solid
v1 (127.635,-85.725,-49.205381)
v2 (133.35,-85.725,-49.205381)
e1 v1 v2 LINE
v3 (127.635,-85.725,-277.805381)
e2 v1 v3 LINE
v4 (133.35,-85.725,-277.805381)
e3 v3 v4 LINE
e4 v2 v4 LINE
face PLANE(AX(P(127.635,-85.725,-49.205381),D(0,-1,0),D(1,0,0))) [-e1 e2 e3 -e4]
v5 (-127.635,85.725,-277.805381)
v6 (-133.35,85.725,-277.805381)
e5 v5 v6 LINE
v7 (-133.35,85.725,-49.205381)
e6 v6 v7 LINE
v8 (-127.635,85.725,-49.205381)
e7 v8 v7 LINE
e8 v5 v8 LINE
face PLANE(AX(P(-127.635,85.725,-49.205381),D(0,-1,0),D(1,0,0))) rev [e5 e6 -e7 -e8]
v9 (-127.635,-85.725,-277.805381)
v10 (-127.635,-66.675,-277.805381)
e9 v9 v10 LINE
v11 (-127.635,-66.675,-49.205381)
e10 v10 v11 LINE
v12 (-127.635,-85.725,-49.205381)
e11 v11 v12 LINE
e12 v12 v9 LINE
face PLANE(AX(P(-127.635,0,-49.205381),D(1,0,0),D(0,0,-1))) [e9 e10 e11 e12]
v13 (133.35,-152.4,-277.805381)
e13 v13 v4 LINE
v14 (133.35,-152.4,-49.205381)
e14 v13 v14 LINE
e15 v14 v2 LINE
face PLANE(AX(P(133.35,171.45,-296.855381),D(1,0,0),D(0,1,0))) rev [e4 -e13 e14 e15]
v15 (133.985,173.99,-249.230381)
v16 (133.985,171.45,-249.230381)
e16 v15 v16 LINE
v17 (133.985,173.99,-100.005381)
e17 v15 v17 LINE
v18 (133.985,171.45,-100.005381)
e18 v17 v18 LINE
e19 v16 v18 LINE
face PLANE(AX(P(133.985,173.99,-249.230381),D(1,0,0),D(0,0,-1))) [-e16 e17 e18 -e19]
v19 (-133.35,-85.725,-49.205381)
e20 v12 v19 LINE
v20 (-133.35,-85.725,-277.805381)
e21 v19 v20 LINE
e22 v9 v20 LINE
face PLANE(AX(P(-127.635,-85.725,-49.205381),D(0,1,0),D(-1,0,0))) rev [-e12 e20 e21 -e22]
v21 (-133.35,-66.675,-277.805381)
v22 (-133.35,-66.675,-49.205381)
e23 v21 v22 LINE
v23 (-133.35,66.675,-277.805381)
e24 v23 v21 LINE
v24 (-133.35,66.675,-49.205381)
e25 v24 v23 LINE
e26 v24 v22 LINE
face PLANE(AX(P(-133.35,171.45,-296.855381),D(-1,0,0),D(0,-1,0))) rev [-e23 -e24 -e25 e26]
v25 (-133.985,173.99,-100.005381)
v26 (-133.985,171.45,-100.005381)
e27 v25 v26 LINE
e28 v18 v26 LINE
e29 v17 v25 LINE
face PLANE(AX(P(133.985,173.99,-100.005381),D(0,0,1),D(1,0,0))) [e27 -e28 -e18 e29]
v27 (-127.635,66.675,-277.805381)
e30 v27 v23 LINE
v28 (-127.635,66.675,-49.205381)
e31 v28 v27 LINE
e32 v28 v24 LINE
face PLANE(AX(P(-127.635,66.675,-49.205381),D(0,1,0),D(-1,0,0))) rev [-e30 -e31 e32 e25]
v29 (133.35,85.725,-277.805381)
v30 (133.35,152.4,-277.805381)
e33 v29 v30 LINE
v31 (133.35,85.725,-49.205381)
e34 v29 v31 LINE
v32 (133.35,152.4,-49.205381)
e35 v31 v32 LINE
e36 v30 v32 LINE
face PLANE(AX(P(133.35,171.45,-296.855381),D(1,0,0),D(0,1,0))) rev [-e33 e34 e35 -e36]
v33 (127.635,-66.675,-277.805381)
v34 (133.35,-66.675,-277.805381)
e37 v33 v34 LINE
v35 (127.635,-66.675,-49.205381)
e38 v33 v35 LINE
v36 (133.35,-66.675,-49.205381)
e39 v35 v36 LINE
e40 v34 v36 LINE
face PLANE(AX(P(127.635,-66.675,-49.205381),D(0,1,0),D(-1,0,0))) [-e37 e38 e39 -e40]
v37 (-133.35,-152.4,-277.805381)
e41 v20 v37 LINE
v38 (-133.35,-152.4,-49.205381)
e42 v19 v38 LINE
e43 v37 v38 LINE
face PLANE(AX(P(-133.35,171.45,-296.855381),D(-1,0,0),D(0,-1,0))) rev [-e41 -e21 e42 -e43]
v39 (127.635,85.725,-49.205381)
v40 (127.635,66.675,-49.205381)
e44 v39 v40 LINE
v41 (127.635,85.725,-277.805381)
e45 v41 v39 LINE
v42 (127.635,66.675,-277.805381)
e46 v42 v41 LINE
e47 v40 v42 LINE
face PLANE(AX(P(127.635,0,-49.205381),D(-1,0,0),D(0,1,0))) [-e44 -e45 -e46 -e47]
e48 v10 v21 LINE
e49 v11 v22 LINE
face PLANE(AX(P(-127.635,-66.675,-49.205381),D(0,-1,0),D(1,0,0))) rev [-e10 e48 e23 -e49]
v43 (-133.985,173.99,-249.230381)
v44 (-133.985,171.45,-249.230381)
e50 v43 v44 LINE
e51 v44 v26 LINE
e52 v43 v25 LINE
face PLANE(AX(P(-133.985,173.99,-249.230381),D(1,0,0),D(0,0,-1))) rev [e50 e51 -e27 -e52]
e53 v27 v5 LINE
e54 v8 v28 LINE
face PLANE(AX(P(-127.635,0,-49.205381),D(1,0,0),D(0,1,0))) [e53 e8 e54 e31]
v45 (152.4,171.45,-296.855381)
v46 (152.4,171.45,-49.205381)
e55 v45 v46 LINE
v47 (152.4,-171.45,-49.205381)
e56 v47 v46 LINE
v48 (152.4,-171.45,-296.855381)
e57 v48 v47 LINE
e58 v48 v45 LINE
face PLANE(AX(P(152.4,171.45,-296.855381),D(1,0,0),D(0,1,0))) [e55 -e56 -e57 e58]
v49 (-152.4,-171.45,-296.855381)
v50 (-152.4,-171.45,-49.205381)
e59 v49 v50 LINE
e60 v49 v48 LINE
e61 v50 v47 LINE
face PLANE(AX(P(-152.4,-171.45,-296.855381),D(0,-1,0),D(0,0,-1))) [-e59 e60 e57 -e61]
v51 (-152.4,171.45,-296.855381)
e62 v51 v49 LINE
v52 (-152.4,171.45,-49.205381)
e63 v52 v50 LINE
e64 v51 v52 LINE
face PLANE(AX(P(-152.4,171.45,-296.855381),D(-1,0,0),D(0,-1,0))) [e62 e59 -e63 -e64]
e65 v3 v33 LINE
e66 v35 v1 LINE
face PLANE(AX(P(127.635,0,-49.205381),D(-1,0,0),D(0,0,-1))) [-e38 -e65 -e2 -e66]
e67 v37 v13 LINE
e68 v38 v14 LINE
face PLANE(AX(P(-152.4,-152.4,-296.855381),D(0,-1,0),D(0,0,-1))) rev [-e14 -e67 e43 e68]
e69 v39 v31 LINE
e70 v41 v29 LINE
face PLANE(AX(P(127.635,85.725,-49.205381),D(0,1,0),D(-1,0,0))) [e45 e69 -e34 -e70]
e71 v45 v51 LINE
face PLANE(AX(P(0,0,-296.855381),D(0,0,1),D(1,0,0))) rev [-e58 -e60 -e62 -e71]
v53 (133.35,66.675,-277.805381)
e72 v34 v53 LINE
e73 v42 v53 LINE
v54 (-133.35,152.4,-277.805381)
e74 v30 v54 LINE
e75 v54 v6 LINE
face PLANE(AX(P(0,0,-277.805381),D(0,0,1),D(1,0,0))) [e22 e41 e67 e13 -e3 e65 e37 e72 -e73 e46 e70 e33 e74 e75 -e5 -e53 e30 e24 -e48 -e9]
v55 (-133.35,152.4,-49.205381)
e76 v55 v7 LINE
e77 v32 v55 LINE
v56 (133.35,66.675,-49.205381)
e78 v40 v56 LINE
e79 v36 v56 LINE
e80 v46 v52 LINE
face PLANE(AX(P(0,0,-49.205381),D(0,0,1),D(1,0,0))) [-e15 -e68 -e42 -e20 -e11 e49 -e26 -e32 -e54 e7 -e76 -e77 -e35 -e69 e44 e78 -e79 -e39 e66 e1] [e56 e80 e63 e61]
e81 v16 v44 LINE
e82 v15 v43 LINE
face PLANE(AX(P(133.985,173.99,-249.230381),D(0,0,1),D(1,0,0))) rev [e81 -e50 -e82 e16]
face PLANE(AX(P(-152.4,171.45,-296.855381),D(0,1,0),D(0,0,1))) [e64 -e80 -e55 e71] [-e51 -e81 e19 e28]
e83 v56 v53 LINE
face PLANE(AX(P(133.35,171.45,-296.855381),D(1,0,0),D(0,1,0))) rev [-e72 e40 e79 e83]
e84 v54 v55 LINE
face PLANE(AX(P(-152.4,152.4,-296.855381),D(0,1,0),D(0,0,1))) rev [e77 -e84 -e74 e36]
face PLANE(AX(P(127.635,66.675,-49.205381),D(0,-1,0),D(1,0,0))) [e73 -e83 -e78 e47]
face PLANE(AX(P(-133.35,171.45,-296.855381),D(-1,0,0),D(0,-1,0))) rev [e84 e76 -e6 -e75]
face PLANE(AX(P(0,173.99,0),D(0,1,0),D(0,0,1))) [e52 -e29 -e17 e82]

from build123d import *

# Parameters (mm, degrees)
SKETCH1_W           = 406.4
SKETCH1_H           = 457.2
BOSS_EXTRUDE1_DEPTH = 330.2
SHELL1_T            = -25.4
SKETCH2_W           = 304.8
SKETCH2_H           = 25.4
BOSS_EXTRUDE2_DEPTH = 7.62
SCALE1_SCALE        = 0.75
SKETCH3_W           = 267.97
SKETCH3_H           = 149.225
BOSS_EXTRUDE3_DEPTH = 2.54


with BuildPart() as part:
    # Sketch1 → Boss-Extrude1 (new body)
    with BuildSketch(Plane.XY):
        Rectangle(SKETCH1_W, SKETCH1_H)
    extrude(amount=-BOSS_EXTRUDE1_DEPTH)

    # Shell1
    shell1_openings = [part.faces().sort_by_distance(p)[0] for p in [
        (0, 0, 0),
    ]]
    offset(amount=SHELL1_T, openings=shell1_openings, kind=Kind.INTERSECTION)

    # Sketch2 → Boss-Extrude2 (add)
    with BuildSketch(Plane(origin=(-177.8, 0, 0), x_dir=(0, 0, -1), z_dir=(1, 0, 0))):
        with Locations((152.4, -101.6)):
            Rectangle(SKETCH2_W, SKETCH2_H)
        with Locations((152.4, 101.6)):
            Rectangle(SKETCH2_W, SKETCH2_H)
    boss_extrude2 = extrude(amount=BOSS_EXTRUDE2_DEPTH)

    # Mirror1: Boss-Extrude2 across plane
    add(boss_extrude2.mirror(Plane(origin=(0, 0, 0), x_dir=(0, 0, 1), z_dir=(1, 0, 0))))


with BuildPart() as part_1:
    # Scale1: scaled about (0, 0, -196.821524664)
    add(part.part.scale(SCALE1_SCALE).moved(Location((0, 0, -49.205381166))))

    # Sketch3 → Boss-Extrude3 (add)
    with BuildSketch(Plane(origin=(0, 171.45, 0), x_dir=(1, 0, 0), z_dir=(0, 1, 0))):
        with Locations((0, 174.617881166)):
            Rectangle(SKETCH3_W, SKETCH3_H)
    extrude(amount=BOSS_EXTRUDE3_DEPTH)


solid = part_1.part
